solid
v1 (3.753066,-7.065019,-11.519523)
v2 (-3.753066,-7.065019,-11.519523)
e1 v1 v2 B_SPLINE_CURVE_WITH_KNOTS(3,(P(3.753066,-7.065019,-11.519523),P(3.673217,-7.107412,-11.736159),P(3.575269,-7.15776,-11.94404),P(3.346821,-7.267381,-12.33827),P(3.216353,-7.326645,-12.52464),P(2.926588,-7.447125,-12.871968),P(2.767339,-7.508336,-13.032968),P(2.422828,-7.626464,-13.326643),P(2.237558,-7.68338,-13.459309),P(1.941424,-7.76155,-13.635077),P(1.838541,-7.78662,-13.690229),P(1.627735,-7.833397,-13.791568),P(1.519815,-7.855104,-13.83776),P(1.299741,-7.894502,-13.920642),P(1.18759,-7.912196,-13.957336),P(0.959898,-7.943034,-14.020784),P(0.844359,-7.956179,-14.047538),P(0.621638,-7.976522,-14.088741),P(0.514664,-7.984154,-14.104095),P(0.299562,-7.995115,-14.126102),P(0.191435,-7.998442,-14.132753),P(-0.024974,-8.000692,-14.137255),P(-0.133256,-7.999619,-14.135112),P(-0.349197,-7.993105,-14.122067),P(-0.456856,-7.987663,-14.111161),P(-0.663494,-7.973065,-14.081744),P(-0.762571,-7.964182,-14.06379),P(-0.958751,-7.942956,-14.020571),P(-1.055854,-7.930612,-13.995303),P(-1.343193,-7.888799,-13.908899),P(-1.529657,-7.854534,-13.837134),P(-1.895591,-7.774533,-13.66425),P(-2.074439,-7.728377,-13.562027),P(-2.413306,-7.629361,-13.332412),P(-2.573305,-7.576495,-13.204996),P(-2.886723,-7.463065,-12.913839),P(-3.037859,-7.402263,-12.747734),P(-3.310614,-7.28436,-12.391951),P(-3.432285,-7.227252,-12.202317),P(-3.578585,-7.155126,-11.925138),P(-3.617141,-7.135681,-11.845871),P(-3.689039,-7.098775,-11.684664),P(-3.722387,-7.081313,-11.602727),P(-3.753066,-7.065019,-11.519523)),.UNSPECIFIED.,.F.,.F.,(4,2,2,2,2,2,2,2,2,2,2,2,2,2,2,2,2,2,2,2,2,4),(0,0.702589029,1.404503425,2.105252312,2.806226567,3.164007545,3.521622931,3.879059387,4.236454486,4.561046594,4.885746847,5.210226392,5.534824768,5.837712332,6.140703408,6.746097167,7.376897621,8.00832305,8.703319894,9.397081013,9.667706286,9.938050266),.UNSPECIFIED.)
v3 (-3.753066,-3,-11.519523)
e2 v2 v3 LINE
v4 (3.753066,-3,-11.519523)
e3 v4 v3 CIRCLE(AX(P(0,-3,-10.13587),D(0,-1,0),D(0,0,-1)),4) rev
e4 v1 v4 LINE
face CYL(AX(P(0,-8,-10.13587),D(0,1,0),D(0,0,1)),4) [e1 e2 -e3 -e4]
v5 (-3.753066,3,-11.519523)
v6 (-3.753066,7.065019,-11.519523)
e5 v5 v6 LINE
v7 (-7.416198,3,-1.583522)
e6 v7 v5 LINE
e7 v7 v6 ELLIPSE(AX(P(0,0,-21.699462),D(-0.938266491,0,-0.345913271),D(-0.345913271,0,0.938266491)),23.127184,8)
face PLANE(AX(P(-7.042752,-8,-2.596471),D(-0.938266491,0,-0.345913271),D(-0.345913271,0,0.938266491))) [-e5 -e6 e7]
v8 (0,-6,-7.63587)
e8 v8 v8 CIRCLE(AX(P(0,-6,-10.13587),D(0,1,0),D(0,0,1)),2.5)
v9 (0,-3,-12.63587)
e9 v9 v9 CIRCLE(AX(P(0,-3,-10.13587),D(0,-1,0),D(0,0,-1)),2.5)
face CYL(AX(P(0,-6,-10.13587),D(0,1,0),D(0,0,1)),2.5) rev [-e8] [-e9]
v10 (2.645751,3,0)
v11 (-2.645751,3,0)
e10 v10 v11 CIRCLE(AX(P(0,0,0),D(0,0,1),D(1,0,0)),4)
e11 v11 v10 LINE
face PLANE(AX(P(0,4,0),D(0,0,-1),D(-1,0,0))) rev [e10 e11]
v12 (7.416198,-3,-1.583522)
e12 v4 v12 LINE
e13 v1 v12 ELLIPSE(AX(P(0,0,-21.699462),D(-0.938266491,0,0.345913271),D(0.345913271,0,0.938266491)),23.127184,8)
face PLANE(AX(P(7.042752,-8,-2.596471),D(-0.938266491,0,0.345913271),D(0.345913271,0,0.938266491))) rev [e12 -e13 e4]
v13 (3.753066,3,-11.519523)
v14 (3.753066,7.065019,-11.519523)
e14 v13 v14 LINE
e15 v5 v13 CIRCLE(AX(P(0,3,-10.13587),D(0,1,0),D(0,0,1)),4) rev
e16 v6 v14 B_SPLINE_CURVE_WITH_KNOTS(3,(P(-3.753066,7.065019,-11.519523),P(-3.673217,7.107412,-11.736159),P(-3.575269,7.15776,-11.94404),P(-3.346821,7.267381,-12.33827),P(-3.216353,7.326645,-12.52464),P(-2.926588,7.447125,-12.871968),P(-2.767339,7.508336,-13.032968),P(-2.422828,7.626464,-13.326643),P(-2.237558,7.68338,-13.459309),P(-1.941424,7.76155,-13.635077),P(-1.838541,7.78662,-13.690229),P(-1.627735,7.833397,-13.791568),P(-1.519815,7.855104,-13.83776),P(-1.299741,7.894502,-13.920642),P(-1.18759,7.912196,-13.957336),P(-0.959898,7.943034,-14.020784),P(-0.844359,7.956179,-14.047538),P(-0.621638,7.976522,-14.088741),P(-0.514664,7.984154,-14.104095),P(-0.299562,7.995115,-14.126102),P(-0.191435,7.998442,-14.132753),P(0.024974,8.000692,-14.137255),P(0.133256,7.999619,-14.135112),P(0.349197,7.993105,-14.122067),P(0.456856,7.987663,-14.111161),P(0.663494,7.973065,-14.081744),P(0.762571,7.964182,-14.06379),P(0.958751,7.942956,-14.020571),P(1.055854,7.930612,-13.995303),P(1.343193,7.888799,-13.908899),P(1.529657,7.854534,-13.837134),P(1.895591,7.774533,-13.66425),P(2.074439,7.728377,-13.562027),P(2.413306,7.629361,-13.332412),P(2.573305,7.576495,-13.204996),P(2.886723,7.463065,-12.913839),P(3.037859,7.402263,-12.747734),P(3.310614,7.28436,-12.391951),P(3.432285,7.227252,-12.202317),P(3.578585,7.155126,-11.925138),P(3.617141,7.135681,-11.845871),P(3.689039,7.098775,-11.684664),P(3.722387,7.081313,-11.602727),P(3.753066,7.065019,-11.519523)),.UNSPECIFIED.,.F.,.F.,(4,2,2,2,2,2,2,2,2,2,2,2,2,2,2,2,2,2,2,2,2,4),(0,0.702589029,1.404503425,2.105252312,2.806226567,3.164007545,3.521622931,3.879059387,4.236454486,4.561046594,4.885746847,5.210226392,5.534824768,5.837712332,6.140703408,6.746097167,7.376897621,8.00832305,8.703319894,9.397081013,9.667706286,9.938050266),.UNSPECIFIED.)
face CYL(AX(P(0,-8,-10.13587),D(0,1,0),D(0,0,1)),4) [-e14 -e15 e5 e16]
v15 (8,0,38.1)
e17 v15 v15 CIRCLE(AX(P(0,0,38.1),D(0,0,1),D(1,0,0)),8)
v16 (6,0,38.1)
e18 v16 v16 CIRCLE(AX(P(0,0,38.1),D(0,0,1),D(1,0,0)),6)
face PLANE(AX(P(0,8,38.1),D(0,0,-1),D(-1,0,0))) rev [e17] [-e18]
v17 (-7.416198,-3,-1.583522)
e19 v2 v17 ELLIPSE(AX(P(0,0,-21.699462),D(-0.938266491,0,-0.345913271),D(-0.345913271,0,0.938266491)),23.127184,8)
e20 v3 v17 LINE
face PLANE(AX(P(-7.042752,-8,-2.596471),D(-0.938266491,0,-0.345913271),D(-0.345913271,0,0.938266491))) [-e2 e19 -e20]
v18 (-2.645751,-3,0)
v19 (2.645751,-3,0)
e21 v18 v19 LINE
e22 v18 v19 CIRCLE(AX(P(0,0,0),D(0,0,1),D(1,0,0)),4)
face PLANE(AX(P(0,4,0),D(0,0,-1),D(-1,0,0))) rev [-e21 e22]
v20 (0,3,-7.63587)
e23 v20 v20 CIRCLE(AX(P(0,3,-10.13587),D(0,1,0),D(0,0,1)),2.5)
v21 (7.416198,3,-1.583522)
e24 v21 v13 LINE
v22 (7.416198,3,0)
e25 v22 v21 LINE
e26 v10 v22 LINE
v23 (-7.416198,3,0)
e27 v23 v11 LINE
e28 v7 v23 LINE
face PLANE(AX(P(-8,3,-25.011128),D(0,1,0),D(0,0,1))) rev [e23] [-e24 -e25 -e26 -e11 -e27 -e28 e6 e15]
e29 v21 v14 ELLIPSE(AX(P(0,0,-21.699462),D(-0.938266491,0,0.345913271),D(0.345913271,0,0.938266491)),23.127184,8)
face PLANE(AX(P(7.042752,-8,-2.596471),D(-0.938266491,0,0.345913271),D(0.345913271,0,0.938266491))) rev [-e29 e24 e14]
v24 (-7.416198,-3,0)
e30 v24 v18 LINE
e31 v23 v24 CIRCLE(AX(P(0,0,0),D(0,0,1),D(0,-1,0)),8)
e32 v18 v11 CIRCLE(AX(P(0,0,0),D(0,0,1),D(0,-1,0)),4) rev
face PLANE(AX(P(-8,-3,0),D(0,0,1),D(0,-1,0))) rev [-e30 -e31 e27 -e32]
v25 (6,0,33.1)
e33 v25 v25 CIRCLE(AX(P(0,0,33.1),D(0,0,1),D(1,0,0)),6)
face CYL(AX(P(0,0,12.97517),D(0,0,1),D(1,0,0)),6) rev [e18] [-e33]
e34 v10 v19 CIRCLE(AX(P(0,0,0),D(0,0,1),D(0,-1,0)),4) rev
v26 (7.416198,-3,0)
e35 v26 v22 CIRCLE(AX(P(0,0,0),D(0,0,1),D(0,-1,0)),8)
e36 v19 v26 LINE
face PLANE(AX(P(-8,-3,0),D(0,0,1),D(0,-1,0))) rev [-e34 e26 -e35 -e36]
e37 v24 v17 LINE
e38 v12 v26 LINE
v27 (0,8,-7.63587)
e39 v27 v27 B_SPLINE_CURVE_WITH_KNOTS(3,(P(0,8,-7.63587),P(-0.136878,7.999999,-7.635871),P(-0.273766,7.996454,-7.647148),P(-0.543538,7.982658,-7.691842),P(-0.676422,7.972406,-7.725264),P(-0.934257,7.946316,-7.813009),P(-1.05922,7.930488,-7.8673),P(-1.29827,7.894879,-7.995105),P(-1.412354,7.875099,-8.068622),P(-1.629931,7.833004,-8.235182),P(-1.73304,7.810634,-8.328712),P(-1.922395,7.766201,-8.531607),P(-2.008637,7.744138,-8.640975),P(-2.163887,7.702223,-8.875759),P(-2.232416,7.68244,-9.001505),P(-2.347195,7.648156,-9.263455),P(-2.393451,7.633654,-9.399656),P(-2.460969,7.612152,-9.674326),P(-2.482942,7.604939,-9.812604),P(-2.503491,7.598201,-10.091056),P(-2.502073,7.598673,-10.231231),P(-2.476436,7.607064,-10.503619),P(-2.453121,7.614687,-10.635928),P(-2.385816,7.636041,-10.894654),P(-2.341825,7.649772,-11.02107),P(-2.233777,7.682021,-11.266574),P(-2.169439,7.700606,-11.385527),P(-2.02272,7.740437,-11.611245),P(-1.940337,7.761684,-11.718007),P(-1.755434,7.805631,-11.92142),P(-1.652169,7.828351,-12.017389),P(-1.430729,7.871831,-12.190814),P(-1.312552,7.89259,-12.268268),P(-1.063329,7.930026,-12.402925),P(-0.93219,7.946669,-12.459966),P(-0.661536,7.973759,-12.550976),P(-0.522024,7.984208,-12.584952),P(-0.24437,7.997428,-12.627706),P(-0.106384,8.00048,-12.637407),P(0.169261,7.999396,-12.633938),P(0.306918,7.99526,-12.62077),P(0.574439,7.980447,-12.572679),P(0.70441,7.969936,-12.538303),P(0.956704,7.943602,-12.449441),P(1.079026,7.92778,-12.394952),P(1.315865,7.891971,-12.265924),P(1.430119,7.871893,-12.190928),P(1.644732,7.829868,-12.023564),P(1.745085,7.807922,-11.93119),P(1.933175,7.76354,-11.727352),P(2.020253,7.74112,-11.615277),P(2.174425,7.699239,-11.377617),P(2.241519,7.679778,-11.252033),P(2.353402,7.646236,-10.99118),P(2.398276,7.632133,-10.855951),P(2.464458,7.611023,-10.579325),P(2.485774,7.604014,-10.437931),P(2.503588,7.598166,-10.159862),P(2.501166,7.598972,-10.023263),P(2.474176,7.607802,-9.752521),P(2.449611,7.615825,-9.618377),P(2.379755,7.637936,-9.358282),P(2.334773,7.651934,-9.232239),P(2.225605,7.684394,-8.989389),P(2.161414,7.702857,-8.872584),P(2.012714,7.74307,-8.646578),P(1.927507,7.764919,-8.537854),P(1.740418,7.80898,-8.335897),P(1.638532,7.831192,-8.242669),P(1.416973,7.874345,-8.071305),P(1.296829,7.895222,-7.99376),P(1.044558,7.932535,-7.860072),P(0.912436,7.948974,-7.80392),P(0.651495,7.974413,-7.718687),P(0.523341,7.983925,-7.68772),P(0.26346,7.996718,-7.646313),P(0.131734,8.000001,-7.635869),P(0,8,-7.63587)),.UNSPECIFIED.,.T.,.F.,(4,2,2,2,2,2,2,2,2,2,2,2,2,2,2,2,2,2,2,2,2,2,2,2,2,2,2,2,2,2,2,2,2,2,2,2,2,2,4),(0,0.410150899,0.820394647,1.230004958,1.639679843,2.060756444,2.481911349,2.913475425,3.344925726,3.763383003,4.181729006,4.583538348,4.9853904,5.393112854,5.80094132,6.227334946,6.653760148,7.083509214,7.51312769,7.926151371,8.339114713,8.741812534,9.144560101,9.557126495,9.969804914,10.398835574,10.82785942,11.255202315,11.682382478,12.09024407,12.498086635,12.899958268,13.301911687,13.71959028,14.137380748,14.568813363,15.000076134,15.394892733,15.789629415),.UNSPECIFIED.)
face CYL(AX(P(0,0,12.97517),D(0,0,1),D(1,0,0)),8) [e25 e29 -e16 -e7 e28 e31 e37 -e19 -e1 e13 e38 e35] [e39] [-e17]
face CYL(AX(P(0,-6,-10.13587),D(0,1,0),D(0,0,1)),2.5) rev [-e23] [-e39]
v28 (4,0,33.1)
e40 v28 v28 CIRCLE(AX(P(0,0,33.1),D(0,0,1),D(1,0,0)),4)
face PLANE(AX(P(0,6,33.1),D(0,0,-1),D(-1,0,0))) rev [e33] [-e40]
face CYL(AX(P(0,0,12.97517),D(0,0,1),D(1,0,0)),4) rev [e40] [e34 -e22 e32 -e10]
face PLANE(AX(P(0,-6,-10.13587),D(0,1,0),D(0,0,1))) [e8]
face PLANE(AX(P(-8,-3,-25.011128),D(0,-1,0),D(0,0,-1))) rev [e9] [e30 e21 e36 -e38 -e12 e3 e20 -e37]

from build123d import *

# Parameters (mm, degrees)
CUT_EXTRUDE2_DEPTH      = 40.744307769
CUT_EXTRUDE2_DEPTH_BACK = 40.744307769
SKETCH4_W               = 25.011127608
SKETCH4_H               = 6
CUT_EXTRUDE3_DEPTH      = 40.744307905
CUT_EXTRUDE3_DEPTH_BACK = 40.744307905
SKETCH3_4_R             = 2.5
CUT_EXTRUDE4_DEPTH      = 40.744307905
CUT_EXTRUDE4_DEPTH_BACK = 6


with BuildPart() as part:
    # Sketch2 → Revolve1 (revolve)
    with BuildSketch(Plane(origin=(0, 0, 0), x_dir=(0, 0, -1), z_dir=(1, 0, 0)), mode=Mode.PRIVATE) as revolve1_sk:
        Polygon((-33.1, 4), (0, 4), (0, 3), (20, 3), (20, 8), (-38.1, 8), (-38.1, 6), (-33.1, 6), align=None)
    revolve(revolve1_sk.sketch.rotate(Axis((0, 0, 12.975169934), (0, 0, -1)), 90), axis=Axis((0, 0, 12.975169934), (0, 0, -1)))

    # Sketch3 → Cut-Extrude2 (cut, two sides)
    with BuildSketch(Plane(origin=(0, 0, 0), x_dir=(1, 0, 0), z_dir=(0, 1, 0))) as cut_extrude2_sk:
        with BuildLine():
            Line((8, 0), (8, 25))
            Line((8, 25), (-8, 25))
            Line((-8, 25), (-8, 0))
            Line((-8, 0), (-3.753065966, 11.519523043))
            ThreePointArc((-3.753065966, 11.519523043), (0, 14.13586996), (3.753065966, 11.519523043))
            Line((3.753065966, 11.519523043), (8, 0))
        make_face()
    extrude(amount=CUT_EXTRUDE2_DEPTH, mode=Mode.SUBTRACT)
    extrude(cut_extrude2_sk.sketch, amount=-CUT_EXTRUDE2_DEPTH_BACK, mode=Mode.SUBTRACT)

    # Sketch4 → Cut-Extrude3 (cut, two sides)
    with BuildSketch(Plane(origin=(0, 0, 0), x_dir=(0, 0, -1), z_dir=(1, 0, 0))) as cut_extrude3_sk:
        with Locations((12.505563804, 0)):
            Rectangle(SKETCH4_W, SKETCH4_H)
    extrude(amount=CUT_EXTRUDE3_DEPTH, mode=Mode.SUBTRACT)
    extrude(cut_extrude3_sk.sketch, amount=-CUT_EXTRUDE3_DEPTH_BACK, mode=Mode.SUBTRACT)

    # Sketch3<4> → Cut-Extrude4 (cut, two sides)
    with BuildSketch(Plane(origin=(0, 0, 0), x_dir=(1, 0, 0), z_dir=(0, 1, 0))) as cut_extrude4_sk:
        with Locations(Location((0, 10.13586996, 0), (0, 0, 270))):
            Circle(SKETCH3_4_R)
    extrude(amount=CUT_EXTRUDE4_DEPTH, mode=Mode.SUBTRACT)
    extrude(cut_extrude4_sk.sketch, amount=-CUT_EXTRUDE4_DEPTH_BACK, mode=Mode.SUBTRACT)


solid = part.part
